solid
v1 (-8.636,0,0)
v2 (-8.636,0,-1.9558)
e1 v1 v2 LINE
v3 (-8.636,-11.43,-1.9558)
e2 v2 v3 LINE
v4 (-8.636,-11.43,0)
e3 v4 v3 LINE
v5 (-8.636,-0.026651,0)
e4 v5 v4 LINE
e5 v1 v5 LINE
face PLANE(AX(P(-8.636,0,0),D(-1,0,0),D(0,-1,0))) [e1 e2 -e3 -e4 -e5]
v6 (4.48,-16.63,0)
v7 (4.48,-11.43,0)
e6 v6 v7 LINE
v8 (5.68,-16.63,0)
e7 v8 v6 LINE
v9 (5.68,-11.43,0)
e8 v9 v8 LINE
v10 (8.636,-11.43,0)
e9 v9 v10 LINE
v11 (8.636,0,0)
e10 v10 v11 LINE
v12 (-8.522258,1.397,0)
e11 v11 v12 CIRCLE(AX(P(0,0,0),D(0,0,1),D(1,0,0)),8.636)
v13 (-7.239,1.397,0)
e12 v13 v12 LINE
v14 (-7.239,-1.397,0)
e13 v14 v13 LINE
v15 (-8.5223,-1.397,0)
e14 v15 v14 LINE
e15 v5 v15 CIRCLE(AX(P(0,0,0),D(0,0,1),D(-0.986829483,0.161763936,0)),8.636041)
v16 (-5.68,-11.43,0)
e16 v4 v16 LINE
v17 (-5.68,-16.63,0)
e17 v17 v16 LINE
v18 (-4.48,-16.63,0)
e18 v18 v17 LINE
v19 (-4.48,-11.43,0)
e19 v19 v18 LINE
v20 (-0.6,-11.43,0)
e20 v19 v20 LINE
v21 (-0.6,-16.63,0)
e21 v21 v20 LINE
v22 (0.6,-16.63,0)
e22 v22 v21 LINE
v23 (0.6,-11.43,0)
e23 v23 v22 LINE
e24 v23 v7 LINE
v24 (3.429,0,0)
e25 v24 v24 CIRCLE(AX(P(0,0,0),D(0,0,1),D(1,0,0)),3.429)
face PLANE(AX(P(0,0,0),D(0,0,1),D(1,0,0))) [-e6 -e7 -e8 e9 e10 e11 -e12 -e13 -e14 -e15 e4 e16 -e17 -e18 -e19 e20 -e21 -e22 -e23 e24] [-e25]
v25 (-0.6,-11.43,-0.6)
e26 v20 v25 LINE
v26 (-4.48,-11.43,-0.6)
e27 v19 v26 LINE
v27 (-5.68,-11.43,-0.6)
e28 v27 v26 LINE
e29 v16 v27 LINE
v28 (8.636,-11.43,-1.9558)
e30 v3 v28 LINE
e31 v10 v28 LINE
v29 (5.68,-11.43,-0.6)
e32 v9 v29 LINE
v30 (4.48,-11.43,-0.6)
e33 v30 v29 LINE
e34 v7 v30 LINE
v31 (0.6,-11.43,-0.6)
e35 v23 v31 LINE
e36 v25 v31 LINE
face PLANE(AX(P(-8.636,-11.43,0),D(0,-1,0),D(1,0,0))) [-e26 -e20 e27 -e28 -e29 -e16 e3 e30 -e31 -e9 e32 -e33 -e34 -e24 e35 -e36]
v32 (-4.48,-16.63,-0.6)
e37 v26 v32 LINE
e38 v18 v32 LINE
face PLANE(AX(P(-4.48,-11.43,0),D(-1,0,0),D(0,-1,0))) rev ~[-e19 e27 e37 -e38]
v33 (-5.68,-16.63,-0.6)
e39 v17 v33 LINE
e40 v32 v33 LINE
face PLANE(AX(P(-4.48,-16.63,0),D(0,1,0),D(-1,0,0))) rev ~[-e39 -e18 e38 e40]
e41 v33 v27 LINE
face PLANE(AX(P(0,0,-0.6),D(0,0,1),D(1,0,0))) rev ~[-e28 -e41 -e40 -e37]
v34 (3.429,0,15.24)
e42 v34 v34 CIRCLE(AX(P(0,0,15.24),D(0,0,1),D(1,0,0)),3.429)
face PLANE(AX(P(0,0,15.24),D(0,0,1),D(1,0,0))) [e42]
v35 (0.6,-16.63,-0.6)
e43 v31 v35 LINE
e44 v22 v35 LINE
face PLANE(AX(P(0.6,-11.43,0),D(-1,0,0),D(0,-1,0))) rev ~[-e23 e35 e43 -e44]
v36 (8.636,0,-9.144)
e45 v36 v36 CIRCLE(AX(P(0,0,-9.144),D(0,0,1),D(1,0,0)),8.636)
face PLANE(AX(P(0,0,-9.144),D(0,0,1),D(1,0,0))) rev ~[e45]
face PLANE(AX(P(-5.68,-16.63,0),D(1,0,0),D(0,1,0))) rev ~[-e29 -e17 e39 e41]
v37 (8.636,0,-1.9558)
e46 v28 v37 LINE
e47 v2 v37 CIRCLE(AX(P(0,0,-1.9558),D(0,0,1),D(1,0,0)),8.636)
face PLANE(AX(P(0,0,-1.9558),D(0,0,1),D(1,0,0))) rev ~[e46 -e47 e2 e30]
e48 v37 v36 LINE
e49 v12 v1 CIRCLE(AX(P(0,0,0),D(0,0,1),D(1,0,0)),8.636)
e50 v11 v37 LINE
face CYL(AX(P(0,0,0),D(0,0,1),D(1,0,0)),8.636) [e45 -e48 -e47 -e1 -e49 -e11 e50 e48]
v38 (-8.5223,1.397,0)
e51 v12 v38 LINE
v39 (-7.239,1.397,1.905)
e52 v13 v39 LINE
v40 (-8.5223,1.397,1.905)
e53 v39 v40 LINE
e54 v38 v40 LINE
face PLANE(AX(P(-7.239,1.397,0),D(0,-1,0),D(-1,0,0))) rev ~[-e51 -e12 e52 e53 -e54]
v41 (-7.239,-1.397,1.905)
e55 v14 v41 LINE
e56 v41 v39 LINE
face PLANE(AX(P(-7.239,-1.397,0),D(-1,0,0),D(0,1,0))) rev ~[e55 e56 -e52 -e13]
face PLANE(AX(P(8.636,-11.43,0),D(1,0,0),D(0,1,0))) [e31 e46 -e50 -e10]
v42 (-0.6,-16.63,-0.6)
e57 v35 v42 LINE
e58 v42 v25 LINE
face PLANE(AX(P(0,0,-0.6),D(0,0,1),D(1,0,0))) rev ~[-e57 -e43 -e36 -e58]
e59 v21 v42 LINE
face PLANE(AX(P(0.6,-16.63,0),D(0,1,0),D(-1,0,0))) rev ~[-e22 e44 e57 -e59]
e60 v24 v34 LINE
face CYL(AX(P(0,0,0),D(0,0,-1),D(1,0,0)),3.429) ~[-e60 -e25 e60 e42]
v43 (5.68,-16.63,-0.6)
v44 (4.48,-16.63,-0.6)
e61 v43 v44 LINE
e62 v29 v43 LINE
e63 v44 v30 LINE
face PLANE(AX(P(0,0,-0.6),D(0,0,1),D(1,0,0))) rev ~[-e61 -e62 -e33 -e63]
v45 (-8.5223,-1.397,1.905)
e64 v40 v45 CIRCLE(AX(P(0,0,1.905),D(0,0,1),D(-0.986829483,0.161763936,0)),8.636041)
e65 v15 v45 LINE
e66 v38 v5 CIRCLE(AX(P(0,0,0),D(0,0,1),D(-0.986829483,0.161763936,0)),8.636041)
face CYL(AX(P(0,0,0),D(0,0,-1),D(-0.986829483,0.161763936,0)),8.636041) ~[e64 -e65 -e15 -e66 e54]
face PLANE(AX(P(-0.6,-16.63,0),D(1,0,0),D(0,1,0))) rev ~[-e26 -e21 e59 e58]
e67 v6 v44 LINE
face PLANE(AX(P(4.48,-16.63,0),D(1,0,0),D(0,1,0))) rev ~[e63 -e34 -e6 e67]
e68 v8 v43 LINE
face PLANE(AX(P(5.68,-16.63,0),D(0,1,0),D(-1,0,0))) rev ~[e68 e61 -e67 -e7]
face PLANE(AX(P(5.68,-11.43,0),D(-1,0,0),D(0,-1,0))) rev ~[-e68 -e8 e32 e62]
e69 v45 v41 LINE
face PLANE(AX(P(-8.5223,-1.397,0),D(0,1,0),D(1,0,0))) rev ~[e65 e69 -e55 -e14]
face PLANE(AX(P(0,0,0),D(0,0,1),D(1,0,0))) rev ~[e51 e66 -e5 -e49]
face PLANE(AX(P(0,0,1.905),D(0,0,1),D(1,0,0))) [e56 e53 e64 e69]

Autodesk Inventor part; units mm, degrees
ref_plane "YZ Plane" through (0, 0, 0) normal (1, 0, 0) x (0, 1, 0)
ref_plane "XZ Plane" through (0, 0, 0) normal (0, 1, 0) x (-1, 0, 0)
ref_plane "XY Plane" through (0, 0, 0) normal (0, 0, 1) x (1, 0, 0)
sketch "Sketch1" plane through (0, 0, 0) normal (0, 0, 1) x (1, 0, 0)
  circle A0 centre (0, 0) radius 3.429
  circle A1 centre (0, 0) radius 8.636
  line L0 (-8.636, 0) -> (-8.636, -11.43)
  line L1 (-8.636, -11.43) -> (8.636, -11.43)
  line L2 (8.636, -11.43) -> (8.636, 0)
  point P0 (0, 8.636)
  dimension "d0" = 6.858
  dimension "d1" = 17.272
  dimension "d2" = 20.066
extrude "Extrusion1" add sketch "Sketch1" against normal blind 9.144 contours A0 | A1
extrude "Extrusion2" add sketch "Sketch1" along normal blind 15.24 contours A0
extrude "Extrusion3" add sketch "Sketch1" against normal blind 1.9558 contours L2 L1 L0 A1
sketch "Sketch2" plane through (0, 0, 0) normal (0, 0, 1) x (1, 0, 0)
  circle A0 centre (0, 0) radius 3.429 construction
  arc A1 (8.636, 0) -> (-8.636, 0) centre (0, 0) ccw construction
  line L0 (-8.636, 0) -> (-8.636, -11.43) construction
  line L1 (-8.636, -11.43) -> (8.636, -11.43) construction
  line L2 (8.636, -11.43) -> (8.636, 0) construction
  circle A2 centre (0, 0) radius 8.636 construction
  line L3 (-8.5223, -1.397) -> (-7.239, -1.397)
  line L4 (-7.239, -1.397) -> (-7.239, 1.397)
  line L5 (-7.239, 1.397) -> (-8.5223, 1.397)
  arc A3 (8.636, 0) -> (-8.5223, 1.397) centre (0, 0) ccw construction
  arc A4 (-8.5223, -1.397) -> (8.636, 0) centre (0, 0) ccw
  arc A5 (-8.5223, 1.397) -> (-8.5223, -1.397) centre (0, 0) ccw
  point P0 (-7.239, 0)
  dimension "d9" = 2.794
  dimension "d10" = 1.397
extrude "Extrusion4" add sketch "Sketch2" along normal blind 1.905
sketch "Sketch3" plane through (0, 0, 0) normal (0, 0, 1) x (1, 0, 0)
  line L0 (-8.5223, 1.397) -> (-7.239, 1.397) projected
  line L1 (-7.239, 1.397) -> (-7.239, -1.397) projected
  line L2 (-7.239, -1.397) -> (-8.5223, -1.397) projected
  arc A0 (-8.636, 0) -> (-8.5223, -1.397) centre (0, 0) ccw projected
  line L3 (-8.636, 0) -> (-8.636, -11.43) projected
  line L4 (-8.636, -11.43) -> (8.636, -11.43) projected
  line L5 (8.636, -11.43) -> (8.636, 0) projected
  arc A1 (8.636, 0) -> (-8.5223, 1.397) centre (0, 0) ccw projected
  circle A2 centre (0, 0) radius 3.429 projected
  line L6 (-8.636, -11.43) -> (8.636, -11.43) projected
  line L7 (-5.68, -11.43) -> (-4.48, -11.43)
  line L8 (-4.48, -11.43) -> (-4.48, -16.63)
  line L9 (-4.48, -16.63) -> (-5.68, -16.63)
  line L10 (-5.68, -16.63) -> (-5.68, -11.43)
  line L11 (-0.6, -11.43) -> (0.6, -11.43)
  line L12 (0.6, -11.43) -> (0.6, -16.63)
  line L13 (0.6, -16.63) -> (-0.6, -16.63)
  line L14 (-0.6, -16.63) -> (-0.6, -11.43)
  line L15 (4.48, -11.43) -> (5.68, -11.43)
  line L16 (5.68, -11.43) -> (5.68, -16.63)
  line L17 (5.68, -16.63) -> (4.48, -16.63)
  line L18 (4.48, -16.63) -> (4.48, -11.43)
  point P0 (0, -16.63)
  point P1 (0, -11.43)
  dimension "d13" = 5.08
  dimension "d14" = 5.08
  dimension "d15" = 5.2
  dimension "d16" = 1.2
extrude "Extrusion5" add sketch "Sketch3" against normal blind 0.6 contours L16 L17 L18 L4 | L12 L13 L14 L4 | L4 L8 L9 L10
properties part number "potentiometer"
